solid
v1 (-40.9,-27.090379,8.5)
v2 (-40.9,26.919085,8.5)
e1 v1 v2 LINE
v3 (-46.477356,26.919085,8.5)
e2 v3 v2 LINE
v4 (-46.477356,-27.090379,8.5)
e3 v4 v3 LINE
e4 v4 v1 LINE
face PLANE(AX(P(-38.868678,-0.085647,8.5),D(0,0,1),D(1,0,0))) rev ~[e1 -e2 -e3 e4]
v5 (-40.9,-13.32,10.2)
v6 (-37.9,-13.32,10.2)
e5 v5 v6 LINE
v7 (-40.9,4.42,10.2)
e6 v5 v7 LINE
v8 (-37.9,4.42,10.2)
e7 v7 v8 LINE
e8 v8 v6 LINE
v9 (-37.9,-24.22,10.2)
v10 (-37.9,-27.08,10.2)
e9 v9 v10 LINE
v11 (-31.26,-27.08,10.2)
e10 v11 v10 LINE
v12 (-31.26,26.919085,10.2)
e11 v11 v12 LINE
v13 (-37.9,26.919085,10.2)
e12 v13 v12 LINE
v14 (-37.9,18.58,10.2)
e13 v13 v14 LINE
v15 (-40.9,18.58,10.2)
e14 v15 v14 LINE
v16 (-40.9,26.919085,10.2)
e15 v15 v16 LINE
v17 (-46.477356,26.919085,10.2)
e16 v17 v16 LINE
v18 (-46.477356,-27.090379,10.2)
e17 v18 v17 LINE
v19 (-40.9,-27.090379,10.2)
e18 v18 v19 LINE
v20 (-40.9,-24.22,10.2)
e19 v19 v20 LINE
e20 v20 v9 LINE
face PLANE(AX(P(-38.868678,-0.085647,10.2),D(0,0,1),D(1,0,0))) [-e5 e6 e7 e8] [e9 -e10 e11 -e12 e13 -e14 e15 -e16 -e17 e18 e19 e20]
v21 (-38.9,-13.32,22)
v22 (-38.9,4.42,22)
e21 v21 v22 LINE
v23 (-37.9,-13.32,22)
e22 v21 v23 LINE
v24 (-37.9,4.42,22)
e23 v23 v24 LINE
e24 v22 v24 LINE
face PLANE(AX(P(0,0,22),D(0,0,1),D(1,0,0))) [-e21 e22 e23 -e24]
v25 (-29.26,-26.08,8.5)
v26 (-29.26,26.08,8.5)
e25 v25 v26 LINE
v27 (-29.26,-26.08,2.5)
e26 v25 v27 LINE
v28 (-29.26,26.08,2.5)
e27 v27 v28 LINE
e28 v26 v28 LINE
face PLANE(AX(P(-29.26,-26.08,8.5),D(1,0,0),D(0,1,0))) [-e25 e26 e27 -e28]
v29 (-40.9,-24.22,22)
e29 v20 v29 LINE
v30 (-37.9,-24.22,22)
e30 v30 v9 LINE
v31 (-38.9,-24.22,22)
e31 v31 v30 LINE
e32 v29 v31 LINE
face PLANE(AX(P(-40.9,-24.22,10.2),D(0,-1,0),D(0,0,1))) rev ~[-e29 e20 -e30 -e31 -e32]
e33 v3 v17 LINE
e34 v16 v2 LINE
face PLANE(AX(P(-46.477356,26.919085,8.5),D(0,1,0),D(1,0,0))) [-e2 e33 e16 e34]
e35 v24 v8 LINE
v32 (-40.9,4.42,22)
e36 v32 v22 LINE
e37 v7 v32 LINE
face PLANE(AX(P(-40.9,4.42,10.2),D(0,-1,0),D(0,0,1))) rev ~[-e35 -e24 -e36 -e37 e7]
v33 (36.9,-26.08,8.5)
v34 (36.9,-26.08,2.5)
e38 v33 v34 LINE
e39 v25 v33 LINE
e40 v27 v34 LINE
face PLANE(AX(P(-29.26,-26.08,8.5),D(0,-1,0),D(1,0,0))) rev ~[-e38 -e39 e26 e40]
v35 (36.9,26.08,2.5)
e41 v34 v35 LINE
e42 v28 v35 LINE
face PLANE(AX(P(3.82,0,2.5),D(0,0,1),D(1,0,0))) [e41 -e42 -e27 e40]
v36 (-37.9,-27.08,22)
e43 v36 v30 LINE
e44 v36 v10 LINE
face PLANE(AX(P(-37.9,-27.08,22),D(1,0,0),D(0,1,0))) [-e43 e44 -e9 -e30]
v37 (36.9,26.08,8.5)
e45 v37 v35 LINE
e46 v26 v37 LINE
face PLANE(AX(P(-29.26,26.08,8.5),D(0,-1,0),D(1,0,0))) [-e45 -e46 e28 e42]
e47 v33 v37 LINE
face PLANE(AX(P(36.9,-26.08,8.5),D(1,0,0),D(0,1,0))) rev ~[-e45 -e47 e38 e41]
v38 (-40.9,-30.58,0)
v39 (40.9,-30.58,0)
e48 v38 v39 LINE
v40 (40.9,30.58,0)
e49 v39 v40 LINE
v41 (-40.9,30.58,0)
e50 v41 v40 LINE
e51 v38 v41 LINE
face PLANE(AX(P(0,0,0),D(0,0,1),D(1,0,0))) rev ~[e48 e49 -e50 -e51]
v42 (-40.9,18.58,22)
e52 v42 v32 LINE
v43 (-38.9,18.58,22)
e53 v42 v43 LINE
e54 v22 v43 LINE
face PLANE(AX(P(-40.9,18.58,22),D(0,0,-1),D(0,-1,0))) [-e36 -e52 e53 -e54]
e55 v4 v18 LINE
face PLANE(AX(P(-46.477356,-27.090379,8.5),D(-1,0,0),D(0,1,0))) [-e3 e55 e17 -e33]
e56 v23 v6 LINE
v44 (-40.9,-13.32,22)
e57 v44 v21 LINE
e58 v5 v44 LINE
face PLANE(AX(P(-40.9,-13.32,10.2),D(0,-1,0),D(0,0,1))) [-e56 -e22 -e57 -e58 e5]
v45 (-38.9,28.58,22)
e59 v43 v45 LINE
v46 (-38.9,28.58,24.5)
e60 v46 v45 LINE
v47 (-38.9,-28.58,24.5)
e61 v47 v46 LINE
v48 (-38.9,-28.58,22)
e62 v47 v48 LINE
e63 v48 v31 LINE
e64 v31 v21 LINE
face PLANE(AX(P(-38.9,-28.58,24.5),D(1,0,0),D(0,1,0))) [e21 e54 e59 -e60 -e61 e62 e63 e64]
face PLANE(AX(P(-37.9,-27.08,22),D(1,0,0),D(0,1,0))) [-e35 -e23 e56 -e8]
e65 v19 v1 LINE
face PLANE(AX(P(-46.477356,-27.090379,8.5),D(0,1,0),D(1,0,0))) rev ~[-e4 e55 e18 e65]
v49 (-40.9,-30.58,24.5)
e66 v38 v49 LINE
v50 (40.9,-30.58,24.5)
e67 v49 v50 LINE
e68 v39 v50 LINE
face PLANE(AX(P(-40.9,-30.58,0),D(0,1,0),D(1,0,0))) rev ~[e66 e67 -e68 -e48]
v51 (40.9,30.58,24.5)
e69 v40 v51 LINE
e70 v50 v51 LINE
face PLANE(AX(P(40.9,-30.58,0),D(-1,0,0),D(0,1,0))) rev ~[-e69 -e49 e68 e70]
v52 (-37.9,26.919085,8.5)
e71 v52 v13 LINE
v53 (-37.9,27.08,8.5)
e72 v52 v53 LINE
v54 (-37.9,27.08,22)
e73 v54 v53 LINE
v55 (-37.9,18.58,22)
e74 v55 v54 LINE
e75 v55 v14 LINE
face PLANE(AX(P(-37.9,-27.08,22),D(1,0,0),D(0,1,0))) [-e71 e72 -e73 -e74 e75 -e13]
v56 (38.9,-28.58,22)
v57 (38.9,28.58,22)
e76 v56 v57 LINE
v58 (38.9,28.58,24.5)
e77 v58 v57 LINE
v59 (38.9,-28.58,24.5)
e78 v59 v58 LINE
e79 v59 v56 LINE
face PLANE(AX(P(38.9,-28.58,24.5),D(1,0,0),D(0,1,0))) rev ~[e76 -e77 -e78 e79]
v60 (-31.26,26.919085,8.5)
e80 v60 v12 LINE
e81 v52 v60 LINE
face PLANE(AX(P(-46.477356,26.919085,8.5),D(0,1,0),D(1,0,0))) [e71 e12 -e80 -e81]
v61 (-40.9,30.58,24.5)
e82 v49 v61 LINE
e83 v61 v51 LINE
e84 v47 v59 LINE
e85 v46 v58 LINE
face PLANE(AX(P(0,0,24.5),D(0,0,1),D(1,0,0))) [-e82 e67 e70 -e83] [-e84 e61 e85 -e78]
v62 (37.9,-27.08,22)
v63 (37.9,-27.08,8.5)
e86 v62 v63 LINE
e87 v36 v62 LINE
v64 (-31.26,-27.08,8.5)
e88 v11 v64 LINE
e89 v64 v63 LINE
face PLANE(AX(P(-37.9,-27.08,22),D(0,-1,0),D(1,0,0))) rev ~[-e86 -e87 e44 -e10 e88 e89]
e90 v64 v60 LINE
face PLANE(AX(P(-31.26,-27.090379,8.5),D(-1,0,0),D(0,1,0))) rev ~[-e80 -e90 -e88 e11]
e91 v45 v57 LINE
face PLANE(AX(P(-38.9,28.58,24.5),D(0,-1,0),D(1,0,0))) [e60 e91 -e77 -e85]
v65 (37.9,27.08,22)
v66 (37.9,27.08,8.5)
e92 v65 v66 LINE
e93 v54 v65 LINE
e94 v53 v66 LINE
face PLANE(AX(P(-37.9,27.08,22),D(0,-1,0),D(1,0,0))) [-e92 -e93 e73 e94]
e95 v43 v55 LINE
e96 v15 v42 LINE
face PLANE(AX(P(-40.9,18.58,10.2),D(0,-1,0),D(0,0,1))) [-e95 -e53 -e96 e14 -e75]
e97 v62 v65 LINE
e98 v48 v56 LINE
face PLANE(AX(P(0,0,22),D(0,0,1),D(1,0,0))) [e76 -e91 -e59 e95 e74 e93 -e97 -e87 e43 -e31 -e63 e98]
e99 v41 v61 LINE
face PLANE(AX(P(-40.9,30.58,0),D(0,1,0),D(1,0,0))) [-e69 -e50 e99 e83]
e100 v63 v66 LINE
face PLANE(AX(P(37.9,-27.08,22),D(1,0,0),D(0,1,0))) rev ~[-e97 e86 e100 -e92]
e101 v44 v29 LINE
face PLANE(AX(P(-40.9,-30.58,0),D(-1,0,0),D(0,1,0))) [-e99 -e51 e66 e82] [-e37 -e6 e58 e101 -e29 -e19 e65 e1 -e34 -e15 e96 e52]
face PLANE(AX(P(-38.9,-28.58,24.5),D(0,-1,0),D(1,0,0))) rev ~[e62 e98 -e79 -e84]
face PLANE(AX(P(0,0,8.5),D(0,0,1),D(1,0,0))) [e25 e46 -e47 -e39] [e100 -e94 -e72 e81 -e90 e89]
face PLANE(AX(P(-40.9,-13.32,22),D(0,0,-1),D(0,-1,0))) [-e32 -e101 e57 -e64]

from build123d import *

# Parameters (mm, degrees)
F0_W      = 81.8
F0_H      = 61.16
F1_DEPTH  = 24.5
F2_W      = 77.8
F2_H      = 57.16
F3_DEPTH  = 2.5
F4_W      = 75.8
F4_H      = 54.16
F5_DEPTH  = 13.5
F6_W      = 66.16
F6_H      = 52.16
F7_DEPTH  = 6
F8_W      = 15.217356
F8_H      = 54.009464
F9_DEPTH  = 1.7
F10_W     = 14.16
F10_H     = 11.8
F10_W_2   = 10.9
F11_DEPTH = 4


with BuildPart() as f1:
    # F0 (on Top) → F1 (new body)
    with BuildSketch(Plane.XY):
        Rectangle(F0_W, F0_H)
    extrude(amount=F1_DEPTH)

    # F2 (on face) → F3 (cut)
    with BuildSketch(Plane.XY.offset(24.5)):
        Rectangle(F2_W, F2_H)
    extrude(amount=-F3_DEPTH, mode=Mode.SUBTRACT)

    # F4 (on face) → F5 (cut)
    with BuildSketch(Plane.XY.offset(22)):
        Rectangle(F4_W, F4_H)
    extrude(amount=-F5_DEPTH, mode=Mode.SUBTRACT)

    # F6 (on face) → F7 (cut)
    with BuildSketch(Plane.XY.offset(8.5)):
        with Locations((3.82, 0)):
            Rectangle(F6_W, F6_H)
    extrude(amount=-F7_DEPTH, mode=Mode.SUBTRACT)

    # F8 (on face) → F9 (join)
    with BuildSketch(Plane.XY.offset(8.5)):
        with Locations((-38.868678, -0.085647)):
            Rectangle(F8_W, F8_H)
    extrude(amount=F9_DEPTH)

    # F10 (on face) → F11 (cut)
    with BuildSketch(Plane(origin=(-40.9, 0, 0), x_dir=(0, -1, 0), z_dir=(-1, 0, 0))):
        with Locations((-11.5, 16.1)):
            Rectangle(F10_W, F10_H)
        with Locations((18.77, 16.1)):
            Rectangle(F10_W_2, F10_H)
    extrude(amount=-F11_DEPTH, mode=Mode.SUBTRACT)


solid = f1.part
